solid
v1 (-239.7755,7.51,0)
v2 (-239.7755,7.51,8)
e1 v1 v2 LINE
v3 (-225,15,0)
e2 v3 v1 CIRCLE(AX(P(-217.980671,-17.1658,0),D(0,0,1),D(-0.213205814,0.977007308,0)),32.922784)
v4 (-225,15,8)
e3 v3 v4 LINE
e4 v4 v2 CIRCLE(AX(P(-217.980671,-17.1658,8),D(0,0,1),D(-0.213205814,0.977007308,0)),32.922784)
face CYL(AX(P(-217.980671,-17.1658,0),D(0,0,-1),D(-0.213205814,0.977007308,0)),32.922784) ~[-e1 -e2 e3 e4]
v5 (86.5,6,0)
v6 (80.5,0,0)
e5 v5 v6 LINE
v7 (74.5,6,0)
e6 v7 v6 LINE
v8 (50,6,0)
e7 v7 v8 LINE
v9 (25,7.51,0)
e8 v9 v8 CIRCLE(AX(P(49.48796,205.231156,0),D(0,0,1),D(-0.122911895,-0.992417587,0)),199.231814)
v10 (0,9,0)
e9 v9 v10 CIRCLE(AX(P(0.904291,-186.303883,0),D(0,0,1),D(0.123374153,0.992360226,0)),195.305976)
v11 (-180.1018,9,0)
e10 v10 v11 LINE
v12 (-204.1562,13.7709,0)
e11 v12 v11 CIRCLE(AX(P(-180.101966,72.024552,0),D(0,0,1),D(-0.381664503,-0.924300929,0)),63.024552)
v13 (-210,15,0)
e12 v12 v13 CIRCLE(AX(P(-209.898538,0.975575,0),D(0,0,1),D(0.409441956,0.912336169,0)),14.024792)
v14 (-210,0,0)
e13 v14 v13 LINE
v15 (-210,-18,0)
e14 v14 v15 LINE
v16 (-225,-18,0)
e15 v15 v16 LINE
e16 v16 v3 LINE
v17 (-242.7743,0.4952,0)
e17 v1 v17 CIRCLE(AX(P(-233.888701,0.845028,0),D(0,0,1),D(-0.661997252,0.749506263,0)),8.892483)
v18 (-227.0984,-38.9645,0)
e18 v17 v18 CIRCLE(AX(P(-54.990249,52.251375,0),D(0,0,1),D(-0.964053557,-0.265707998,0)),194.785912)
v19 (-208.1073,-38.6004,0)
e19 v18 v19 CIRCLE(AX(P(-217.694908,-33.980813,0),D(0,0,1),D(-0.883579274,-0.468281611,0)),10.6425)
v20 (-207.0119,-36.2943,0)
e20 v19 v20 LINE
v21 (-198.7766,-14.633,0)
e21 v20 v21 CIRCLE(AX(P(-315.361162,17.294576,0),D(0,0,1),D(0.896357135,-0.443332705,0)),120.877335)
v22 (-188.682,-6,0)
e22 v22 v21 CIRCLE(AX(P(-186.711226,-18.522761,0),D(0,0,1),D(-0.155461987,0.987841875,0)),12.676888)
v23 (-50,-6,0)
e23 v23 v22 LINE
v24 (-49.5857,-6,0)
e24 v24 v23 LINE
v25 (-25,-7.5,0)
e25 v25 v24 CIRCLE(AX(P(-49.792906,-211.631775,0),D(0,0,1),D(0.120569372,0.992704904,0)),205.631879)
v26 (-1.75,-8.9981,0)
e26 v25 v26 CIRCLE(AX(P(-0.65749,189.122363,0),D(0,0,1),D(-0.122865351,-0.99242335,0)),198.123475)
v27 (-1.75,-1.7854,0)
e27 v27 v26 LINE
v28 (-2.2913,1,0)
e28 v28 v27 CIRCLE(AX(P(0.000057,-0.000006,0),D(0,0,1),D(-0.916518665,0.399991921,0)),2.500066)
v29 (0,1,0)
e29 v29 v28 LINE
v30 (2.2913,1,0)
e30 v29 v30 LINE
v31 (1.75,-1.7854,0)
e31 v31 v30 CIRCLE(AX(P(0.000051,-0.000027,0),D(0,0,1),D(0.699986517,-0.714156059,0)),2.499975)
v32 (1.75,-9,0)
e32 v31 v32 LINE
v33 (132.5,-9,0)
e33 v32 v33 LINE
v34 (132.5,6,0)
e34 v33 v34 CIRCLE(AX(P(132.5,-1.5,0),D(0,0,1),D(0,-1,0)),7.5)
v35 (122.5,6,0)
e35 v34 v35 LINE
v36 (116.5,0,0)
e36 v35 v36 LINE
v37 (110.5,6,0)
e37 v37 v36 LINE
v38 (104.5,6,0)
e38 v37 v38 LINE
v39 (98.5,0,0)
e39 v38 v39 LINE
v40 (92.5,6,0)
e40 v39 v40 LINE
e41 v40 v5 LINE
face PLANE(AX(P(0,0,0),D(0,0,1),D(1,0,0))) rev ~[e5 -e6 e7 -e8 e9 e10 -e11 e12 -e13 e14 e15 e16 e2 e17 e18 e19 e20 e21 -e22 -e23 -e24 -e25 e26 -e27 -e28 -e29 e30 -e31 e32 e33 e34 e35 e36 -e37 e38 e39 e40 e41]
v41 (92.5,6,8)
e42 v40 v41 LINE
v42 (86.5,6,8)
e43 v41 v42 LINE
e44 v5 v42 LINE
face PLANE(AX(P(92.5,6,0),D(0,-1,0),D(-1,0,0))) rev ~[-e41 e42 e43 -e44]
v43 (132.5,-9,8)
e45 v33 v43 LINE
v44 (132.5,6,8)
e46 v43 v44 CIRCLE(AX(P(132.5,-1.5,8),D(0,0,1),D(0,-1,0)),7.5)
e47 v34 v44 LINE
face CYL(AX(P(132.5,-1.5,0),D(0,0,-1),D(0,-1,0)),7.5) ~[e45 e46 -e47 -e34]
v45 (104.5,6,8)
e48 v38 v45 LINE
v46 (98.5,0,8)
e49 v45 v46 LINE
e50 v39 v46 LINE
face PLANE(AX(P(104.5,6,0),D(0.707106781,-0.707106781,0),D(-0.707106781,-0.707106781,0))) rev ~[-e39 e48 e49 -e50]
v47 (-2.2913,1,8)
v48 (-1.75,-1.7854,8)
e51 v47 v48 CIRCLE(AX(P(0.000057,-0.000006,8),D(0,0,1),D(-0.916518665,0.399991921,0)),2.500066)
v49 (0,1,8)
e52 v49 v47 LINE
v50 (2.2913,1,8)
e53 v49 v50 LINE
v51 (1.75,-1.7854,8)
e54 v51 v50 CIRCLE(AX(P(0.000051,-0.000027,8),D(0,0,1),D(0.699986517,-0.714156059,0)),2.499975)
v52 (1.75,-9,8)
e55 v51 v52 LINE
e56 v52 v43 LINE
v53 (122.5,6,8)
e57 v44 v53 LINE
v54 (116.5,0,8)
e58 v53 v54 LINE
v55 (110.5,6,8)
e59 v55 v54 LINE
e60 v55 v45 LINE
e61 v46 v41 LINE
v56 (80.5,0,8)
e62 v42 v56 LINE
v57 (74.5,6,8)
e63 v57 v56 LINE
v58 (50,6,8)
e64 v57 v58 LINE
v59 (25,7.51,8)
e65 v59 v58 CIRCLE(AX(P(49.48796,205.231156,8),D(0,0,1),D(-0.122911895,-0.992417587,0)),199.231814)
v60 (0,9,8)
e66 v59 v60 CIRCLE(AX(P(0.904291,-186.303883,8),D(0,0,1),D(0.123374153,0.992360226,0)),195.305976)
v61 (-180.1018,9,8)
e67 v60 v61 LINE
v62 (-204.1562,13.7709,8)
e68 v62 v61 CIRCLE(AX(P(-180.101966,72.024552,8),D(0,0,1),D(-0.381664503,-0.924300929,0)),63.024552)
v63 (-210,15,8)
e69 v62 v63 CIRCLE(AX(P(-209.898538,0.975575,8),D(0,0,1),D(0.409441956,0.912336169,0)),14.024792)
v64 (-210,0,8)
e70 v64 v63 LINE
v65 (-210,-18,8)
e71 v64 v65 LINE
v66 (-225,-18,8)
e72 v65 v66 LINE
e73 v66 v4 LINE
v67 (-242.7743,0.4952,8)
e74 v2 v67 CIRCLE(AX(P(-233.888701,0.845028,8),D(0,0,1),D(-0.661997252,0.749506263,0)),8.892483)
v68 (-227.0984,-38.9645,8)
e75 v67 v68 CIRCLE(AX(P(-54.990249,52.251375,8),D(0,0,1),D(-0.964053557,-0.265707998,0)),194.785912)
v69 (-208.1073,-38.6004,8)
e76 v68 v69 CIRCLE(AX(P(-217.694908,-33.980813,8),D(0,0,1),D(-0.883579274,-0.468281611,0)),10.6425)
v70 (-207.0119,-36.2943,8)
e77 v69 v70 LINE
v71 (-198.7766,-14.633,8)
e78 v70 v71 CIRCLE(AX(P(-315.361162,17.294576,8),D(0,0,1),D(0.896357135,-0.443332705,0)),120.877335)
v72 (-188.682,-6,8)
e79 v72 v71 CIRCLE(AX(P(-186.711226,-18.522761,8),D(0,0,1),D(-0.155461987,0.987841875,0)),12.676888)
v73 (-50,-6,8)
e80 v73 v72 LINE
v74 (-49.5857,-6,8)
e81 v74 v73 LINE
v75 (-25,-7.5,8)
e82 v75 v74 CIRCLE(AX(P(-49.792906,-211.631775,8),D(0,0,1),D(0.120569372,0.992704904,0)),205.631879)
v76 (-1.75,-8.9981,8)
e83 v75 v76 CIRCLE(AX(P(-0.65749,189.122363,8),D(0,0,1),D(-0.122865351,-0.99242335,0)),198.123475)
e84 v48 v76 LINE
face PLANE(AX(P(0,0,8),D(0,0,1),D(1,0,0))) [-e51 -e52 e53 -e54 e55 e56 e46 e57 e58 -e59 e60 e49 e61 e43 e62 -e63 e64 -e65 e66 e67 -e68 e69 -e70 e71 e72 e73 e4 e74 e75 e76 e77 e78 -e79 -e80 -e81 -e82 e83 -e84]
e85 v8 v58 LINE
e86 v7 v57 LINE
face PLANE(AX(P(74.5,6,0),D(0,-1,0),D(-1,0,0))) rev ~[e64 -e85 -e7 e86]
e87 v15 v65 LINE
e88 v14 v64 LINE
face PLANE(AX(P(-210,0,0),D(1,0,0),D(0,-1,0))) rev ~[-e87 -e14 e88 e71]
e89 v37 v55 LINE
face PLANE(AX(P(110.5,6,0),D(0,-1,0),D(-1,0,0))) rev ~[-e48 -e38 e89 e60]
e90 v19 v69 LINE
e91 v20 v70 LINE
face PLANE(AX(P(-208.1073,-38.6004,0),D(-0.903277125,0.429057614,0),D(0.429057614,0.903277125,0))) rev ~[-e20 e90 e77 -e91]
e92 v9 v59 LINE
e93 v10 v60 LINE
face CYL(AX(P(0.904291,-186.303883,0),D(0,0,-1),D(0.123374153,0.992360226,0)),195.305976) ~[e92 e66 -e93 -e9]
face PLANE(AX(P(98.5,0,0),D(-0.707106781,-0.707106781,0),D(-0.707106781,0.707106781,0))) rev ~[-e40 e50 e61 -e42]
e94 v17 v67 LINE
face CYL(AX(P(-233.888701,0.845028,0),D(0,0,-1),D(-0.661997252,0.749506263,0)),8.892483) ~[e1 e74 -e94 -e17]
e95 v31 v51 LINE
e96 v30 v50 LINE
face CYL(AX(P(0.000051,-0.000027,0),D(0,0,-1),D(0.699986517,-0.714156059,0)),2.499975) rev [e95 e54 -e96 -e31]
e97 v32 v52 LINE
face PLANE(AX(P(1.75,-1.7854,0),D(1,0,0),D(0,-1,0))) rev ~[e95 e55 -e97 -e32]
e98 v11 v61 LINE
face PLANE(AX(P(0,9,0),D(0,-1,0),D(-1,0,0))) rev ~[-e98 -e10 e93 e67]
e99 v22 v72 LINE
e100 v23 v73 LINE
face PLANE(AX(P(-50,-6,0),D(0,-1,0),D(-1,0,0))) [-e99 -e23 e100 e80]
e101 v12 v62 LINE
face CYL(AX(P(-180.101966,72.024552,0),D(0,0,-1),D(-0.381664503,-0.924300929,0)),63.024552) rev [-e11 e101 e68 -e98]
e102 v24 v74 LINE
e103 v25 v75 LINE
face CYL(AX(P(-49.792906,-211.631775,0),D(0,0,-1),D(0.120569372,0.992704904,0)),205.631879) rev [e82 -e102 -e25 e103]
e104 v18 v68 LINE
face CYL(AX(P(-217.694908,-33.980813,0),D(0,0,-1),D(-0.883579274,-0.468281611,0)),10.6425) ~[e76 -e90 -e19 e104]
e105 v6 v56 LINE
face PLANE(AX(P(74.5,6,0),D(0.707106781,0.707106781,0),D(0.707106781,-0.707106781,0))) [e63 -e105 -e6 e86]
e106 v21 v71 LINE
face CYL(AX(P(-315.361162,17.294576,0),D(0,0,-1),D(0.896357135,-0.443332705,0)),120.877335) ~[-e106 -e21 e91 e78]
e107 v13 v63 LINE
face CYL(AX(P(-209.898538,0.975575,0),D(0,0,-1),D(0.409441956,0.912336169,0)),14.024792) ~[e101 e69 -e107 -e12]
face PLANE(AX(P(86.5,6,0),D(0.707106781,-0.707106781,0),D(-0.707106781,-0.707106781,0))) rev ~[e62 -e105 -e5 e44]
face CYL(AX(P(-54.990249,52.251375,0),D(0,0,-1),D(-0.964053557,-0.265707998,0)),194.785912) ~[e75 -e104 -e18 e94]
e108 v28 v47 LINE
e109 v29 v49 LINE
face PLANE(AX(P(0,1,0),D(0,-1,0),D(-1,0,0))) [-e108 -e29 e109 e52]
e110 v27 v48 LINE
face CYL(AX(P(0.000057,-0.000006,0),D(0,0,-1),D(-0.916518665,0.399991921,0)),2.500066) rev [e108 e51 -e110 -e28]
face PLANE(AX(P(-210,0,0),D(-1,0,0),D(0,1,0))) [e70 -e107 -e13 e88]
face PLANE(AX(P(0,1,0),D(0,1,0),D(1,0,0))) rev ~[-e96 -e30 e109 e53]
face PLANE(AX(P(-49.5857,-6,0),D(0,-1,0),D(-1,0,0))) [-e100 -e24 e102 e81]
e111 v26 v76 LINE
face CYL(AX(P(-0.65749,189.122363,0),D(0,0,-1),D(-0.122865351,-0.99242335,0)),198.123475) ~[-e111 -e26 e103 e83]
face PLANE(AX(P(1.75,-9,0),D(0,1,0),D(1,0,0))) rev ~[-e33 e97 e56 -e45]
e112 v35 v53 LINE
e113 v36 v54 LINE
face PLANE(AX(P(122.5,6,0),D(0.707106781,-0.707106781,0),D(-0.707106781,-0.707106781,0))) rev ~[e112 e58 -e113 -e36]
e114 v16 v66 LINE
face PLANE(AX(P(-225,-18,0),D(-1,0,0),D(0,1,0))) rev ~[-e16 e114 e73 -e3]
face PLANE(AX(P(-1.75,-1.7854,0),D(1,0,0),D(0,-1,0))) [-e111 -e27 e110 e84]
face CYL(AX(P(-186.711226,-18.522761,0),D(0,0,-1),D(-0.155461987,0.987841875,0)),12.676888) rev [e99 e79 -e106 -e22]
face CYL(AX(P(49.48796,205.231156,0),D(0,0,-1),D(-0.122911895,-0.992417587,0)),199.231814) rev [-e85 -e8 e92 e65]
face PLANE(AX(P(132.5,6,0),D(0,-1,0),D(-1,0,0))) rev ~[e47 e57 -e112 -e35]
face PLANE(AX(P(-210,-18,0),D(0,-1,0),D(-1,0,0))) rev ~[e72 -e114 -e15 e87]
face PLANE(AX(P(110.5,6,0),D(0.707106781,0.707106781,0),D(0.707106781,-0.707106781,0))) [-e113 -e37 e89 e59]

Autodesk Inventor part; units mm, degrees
ref_plane "YZ Plane" through (0, 0, 0) normal (1, 0, 0) x (0, 1, 0)
ref_plane "XZ Plane" through (0, 0, 0) normal (0, 1, 0) x (-1, 0, 0)
ref_plane "XY Plane" through (0, 0, 0) normal (0, 0, 1) x (1, 0, 0)
sketch "Boceto1" plane through (0, 0, 0) normal (0, 0, 1) x (1, 0, 0)
  line L0 (0, 1) -> (-2.2913, 1)
  line L1 (-2.2913, 1) -> (2.2913, 1)
  line L2 (0, 9) -> (-180.1018, 9)
  line L3 (-210, 0) -> (-210, 15)
  line L4 (-210, 15) -> (-210, -18)
  line L5 (-210, -18) -> (-225, -18)
  line L6 (-225, -18) -> (-225, 15)
  line L7 (-49.5857, -6) -> (-188.682, -6)
  line L8 (1.75, -9) -> (132.5, -9)
  arc A0 (-204.1562, 13.7709) -> (-210, 15) centre (-209.8984, 0.976) ccw
  arc A1 (-204.1562, 13.7709) -> (-180.1018, 9) centre (-180.1018, 72.0251) ccw
  arc A2 (-239.7755, 7.51) -> (-242.7743, 0.4952) centre (-233.8888, 0.8451) ccw
  arc A3 (-225, 15) -> (-239.7755, 7.51) centre (-217.9806, -17.166) ccw
  arc A4 (-242.7743, 0.4952) -> (-227.0984, -38.9645) centre (-54.9857, 52.2529) ccw
  arc A5 (-207.0119, -36.2943) -> (-198.7766, -14.633) centre (-315.3603, 17.2942) ccw
  arc A6 (-188.682, -6) -> (-198.7766, -14.633) centre (-186.7113, -18.5226) ccw
  arc A7 (-227.0984, -38.9645) -> (-208.1073, -38.6004) centre (-217.6949, -33.9808) ccw
  arc A8 (-25, -7.5) -> (-50, -6) centre (-49.7928, -211.6306) ccw
  arc A9 (-25, -7.5) -> (-1.75, -8.9981) centre (-0.6579, 189.118) ccw
  arc A10 (25, 7.51) -> (50, 6) centre (49.4872, 205.2229) ccw
  arc A11 (25, 7.51) -> (0, 9) centre (0.9036, -186.3114) ccw
  arc A12 (132.5, -9) -> (132.5, 6) centre (132.5, -1.5) ccw
  line L9 (132.5, 6) -> (122.5, 6)
  line L10 (122.5, 6) -> (116.5, 0)
  line L11 (110.5, 6) -> (116.5, 0)
  line L12 (110.5, 6) -> (104.5, 6)
  line L13 (92.5, 6) -> (86.5, 6)
  line L14 (74.966, 6) -> (74.5, 6)
  line L15 (104.5, 6) -> (98.5, 0)
  line L16 (98.5, 0) -> (92.5, 6)
  line L17 (86.5, 6) -> (80.5, 0)
  line L18 (74.5, 6) -> (80.5, 0)
  line L19 (132.5, 6) -> (122.5, 6)
  line L20 (110.5, 6) -> (104.5, 6)
  line L21 (92.5, 6) -> (86.5, 6)
  line L22 (74.5, 6) -> (50, 6)
  line L23 (-225, -18) -> (-210, -18)
  line L24 (-208.1073, -38.6004) -> (-207.0119, -36.2943)
  line L25 (1.75, -1.7854) -> (1.75, -9)
  line L26 (-1.75, -1.7854) -> (-1.75, -8.9981)
  arc A13 (-2.2913, 1) -> (-1.75, -1.7854) centre (0, 0) ccw
  arc A14 (1.75, -1.7854) -> (2.2913, 1) centre (0, 0) ccw
extrude "Extrusión2" add sketch "Boceto1" along normal blind 8
properties part number "balancin" material "MDF Tablero de fibras de densidad media"
